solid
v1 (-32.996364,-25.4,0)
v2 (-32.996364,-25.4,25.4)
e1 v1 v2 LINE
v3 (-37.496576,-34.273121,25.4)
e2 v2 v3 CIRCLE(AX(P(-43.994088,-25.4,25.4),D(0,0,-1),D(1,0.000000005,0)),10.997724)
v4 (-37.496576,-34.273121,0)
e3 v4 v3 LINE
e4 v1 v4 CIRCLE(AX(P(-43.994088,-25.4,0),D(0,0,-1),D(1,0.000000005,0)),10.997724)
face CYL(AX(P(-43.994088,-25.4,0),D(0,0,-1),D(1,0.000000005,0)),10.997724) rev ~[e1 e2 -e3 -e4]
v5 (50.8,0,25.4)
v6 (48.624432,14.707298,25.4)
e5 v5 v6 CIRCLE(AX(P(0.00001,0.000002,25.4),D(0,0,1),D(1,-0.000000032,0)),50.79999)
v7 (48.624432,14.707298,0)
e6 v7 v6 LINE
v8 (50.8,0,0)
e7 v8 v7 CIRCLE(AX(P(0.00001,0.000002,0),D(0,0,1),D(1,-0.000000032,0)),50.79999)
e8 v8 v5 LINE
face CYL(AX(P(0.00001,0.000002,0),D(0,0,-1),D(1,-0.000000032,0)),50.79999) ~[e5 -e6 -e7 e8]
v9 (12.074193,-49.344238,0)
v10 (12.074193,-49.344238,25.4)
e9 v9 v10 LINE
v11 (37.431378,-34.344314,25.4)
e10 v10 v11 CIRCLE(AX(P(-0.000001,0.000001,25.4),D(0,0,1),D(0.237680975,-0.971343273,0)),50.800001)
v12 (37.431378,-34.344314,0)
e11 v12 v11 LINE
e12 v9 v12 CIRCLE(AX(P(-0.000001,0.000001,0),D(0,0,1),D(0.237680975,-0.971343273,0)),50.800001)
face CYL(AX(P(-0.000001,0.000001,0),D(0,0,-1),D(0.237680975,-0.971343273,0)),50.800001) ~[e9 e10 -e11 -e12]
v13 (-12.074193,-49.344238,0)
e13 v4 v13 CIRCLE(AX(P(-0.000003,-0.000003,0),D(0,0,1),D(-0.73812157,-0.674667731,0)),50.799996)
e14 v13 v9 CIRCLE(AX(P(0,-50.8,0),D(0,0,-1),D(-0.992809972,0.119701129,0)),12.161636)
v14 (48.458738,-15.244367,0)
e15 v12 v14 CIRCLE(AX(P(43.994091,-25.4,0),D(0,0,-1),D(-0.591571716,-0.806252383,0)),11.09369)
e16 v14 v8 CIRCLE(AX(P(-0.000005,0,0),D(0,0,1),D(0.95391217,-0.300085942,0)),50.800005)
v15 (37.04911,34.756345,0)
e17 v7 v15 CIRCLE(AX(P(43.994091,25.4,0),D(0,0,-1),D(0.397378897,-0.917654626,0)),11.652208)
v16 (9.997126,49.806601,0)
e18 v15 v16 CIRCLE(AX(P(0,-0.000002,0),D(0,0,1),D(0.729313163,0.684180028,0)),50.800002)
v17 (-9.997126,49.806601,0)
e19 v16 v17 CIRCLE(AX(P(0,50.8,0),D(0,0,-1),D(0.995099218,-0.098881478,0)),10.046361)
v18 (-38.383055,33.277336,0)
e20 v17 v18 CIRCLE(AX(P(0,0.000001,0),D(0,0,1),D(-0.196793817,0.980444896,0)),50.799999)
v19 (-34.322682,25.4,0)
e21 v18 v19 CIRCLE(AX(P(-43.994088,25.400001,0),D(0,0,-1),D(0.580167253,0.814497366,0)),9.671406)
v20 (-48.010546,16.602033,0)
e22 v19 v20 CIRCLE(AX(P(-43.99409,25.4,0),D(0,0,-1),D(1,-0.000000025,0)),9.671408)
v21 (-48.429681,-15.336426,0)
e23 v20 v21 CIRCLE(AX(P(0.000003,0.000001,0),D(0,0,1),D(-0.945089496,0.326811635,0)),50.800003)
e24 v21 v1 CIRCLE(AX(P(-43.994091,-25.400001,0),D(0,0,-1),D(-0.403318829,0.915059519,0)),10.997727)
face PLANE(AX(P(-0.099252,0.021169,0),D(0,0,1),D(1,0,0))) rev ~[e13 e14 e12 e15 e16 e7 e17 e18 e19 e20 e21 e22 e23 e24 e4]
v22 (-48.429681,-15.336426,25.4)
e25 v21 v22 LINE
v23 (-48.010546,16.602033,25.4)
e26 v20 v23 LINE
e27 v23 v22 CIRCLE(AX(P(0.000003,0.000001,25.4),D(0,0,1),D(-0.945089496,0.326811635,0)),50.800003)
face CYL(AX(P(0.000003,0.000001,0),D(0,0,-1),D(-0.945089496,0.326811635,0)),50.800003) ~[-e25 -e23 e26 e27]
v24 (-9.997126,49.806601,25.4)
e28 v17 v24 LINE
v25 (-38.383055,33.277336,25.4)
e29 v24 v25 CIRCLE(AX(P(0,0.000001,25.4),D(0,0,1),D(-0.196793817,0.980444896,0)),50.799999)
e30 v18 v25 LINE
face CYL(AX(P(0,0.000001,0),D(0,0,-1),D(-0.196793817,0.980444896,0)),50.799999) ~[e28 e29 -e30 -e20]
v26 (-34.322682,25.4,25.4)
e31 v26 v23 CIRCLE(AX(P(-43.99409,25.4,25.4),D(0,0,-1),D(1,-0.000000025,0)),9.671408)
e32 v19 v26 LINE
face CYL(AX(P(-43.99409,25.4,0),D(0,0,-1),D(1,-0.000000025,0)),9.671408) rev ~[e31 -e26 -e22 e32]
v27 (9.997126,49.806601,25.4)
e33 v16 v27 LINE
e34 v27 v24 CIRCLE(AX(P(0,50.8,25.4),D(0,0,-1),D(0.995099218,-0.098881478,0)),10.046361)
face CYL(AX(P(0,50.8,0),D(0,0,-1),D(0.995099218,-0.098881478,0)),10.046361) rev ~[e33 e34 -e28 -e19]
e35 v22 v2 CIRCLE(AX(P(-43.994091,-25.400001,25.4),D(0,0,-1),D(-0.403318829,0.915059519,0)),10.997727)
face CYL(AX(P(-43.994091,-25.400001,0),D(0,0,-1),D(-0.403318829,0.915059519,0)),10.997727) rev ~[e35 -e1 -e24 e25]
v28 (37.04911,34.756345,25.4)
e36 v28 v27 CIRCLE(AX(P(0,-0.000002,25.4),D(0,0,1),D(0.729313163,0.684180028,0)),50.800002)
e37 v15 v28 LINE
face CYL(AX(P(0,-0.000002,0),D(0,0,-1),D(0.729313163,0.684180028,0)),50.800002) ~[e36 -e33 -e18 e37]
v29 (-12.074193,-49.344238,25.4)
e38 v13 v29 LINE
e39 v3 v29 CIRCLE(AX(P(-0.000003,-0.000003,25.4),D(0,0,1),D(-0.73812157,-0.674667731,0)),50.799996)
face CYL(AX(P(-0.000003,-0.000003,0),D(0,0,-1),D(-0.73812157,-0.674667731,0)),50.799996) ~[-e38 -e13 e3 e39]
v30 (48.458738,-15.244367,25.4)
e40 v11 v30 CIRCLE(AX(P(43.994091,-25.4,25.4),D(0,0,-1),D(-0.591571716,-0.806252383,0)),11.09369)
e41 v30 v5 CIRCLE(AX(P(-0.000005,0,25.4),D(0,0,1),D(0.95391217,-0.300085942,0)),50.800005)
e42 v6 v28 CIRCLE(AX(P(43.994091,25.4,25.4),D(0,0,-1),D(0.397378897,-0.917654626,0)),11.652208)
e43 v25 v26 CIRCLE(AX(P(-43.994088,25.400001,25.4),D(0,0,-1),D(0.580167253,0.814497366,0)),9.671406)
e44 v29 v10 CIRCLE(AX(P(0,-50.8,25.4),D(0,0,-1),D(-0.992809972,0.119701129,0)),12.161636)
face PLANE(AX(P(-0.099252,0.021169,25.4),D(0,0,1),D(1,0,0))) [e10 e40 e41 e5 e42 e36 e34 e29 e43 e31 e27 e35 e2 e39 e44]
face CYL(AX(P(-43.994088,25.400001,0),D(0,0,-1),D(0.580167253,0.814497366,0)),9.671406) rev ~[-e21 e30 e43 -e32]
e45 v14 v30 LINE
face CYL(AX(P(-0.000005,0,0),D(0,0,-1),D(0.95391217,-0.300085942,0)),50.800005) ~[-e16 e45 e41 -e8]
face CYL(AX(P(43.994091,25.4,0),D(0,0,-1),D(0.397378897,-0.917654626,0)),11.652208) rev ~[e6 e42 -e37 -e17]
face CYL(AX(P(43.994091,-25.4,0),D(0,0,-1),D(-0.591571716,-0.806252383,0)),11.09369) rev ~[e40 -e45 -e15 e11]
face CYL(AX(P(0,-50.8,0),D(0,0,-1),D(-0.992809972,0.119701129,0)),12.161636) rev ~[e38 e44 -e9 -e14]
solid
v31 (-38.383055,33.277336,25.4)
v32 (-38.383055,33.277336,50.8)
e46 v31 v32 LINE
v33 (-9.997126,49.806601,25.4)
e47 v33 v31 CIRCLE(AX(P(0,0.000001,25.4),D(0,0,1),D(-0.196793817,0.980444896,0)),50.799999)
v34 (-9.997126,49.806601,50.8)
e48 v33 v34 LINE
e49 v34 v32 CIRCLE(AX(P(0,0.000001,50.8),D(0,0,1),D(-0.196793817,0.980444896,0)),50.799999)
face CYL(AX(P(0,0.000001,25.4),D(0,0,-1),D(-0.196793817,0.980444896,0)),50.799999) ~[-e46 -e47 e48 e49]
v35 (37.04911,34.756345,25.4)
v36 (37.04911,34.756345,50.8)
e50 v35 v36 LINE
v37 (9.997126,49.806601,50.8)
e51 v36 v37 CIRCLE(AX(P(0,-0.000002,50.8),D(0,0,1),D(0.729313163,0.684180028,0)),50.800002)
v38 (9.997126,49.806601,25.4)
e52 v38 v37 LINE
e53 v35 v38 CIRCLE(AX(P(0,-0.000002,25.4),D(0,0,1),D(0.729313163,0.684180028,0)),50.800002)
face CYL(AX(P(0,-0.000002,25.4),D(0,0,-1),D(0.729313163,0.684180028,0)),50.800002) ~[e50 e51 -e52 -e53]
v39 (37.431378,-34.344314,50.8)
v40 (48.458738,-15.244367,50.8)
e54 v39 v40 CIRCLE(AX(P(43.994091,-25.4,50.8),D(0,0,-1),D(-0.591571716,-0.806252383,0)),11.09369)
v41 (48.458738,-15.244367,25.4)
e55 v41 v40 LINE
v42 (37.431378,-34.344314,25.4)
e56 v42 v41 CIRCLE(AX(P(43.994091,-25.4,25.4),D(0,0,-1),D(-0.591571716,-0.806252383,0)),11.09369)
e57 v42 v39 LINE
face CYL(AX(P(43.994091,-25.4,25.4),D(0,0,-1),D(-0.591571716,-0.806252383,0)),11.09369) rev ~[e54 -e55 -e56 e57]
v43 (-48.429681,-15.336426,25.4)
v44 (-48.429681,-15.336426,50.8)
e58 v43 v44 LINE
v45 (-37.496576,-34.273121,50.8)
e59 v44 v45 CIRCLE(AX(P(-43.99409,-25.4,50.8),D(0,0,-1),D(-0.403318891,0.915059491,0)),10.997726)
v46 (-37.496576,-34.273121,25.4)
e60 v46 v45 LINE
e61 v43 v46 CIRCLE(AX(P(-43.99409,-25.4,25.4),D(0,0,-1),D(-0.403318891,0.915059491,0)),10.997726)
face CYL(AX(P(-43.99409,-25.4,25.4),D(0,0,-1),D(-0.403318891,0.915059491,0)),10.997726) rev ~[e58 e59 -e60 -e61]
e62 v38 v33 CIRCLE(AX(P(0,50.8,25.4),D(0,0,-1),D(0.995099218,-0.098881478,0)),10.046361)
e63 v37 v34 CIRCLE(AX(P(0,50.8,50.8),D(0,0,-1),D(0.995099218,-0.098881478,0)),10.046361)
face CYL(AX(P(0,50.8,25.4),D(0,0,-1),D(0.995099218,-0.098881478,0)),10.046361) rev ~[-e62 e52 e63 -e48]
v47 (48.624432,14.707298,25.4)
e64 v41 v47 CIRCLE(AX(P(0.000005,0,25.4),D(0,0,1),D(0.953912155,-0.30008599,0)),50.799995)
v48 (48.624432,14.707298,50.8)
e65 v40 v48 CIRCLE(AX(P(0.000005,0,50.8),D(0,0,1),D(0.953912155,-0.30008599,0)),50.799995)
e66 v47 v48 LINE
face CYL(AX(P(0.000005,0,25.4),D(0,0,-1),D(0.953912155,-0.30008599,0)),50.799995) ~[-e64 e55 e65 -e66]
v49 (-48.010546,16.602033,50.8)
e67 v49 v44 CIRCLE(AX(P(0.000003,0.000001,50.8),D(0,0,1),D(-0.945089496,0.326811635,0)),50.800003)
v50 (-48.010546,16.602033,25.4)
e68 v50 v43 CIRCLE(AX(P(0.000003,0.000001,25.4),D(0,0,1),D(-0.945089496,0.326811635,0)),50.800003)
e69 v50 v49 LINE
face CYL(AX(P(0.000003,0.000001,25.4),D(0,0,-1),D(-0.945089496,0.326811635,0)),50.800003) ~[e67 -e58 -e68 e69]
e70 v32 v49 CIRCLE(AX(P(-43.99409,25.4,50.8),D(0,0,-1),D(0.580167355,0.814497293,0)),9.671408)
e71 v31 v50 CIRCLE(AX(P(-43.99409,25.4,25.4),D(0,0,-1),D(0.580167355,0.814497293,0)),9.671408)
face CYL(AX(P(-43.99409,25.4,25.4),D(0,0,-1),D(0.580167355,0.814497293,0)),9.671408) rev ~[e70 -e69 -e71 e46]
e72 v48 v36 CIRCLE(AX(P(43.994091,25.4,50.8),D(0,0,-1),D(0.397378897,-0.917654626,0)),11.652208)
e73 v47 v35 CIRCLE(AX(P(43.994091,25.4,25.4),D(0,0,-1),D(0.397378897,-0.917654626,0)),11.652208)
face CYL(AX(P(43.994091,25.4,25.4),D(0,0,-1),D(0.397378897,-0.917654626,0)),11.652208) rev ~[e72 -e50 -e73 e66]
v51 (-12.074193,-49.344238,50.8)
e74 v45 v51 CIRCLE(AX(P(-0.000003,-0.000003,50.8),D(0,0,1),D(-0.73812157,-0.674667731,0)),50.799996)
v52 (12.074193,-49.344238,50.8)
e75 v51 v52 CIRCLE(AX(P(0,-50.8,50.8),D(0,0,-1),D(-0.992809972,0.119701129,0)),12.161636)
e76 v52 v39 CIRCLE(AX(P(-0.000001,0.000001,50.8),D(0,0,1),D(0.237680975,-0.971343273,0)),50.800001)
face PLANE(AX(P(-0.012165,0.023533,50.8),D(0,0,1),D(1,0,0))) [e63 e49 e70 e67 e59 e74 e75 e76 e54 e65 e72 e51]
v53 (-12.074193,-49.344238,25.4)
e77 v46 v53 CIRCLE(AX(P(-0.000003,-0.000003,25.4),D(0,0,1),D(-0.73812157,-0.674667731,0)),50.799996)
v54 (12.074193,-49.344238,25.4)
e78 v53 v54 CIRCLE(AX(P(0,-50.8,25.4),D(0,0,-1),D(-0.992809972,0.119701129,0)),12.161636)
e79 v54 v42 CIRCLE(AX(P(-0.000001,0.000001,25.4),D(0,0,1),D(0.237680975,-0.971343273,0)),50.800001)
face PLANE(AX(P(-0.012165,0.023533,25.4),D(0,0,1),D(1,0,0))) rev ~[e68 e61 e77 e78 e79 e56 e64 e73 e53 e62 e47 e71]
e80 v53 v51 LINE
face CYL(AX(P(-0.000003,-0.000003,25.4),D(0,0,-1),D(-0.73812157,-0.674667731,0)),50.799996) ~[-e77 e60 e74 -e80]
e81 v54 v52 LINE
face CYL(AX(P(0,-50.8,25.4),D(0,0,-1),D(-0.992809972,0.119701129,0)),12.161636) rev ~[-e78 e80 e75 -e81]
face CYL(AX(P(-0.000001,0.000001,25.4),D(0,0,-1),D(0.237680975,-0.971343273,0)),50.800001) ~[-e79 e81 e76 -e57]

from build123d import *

# Parameters (mm, degrees)
F1_DEPTH = 25.4
F3_DEPTH = 25.4


with BuildPart() as f1:
    # F0 (on Top) → F1 (new body)
    with BuildSketch(Plane.XY):
        with BuildLine():
            ThreePointArc((48.458738, -15.244367), (50.211273, -7.711554), (50.8, 0))
            ThreePointArc((50.8, 0), (50.253165, 7.433668), (48.624432, 14.707298))
            ThreePointArc((48.624432, 14.707298), (33.902983, 19.573896), (37.04911, 34.756345))
            ThreePointArc((37.04911, 34.756345), (24.697462, 44.39229), (9.997126, 49.806601))
            ThreePointArc((9.997126, 49.806601), (0, 40.753639), (-9.997126, 49.806601))
            ThreePointArc((-9.997126, 49.806601), (-25.562954, 43.899606), (-38.383055, 33.277336))
            ThreePointArc((-38.383055, 33.277336), (-35.397499, 29.831113), (-34.322682, 25.4))
            ThreePointArc((-34.322682, 25.4), (-38.764781, 17.264248), (-48.010546, 16.602033))
            ThreePointArc((-48.010546, 16.602033), (-50.795626, 0.666602), (-48.429681, -15.336426))
            ThreePointArc((-48.429681, -15.336426), (-37.987071, -16.187742), (-32.996364, -25.4))
            ThreePointArc((-32.996364, -25.4), (-34.18573, -30.37454), (-37.496576, -34.273121))
            ThreePointArc((-37.496576, -34.273121), (-25.905596, -43.698285), (-12.074193, -49.344238))
            ThreePointArc((-12.074193, -49.344238), (0, -38.638364), (12.074193, -49.344238))
            ThreePointArc((12.074193, -49.344238), (25.864064, -43.722879), (37.431378, -34.344314))
            ThreePointArc((37.431378, -34.344314), (34.386674, -19.853155), (48.458738, -15.244367))
        make_face()
    extrude(amount=F1_DEPTH)


with BuildPart() as f3:
    # F2 (on face) → F3 (new body)
    with BuildSketch(Plane.XY.offset(25.4)):
        with BuildLine():
            ThreePointArc((37.04911, 34.756345), (24.697462, 44.39229), (9.997126, 49.806601))
            ThreePointArc((9.997126, 49.806601), (0, 40.753639), (-9.997126, 49.806601))
            ThreePointArc((-9.997126, 49.806601), (-25.562954, 43.899606), (-38.383055, 33.277336))
            ThreePointArc((-38.383055, 33.277336), (-35.618405, 20.564296), (-48.010546, 16.602033))
            ThreePointArc((-48.010546, 16.602033), (-50.795626, 0.666602), (-48.429681, -15.336426))
            ThreePointArc((-48.429681, -15.336426), (-34.46978, -19.901137), (-37.496576, -34.273121))
            ThreePointArc((-37.496576, -34.273121), (-25.905596, -43.698285), (-12.074193, -49.344238))
            ThreePointArc((-12.074193, -49.344238), (0, -38.638364), (12.074193, -49.344238))
            ThreePointArc((12.074193, -49.344238), (25.864064, -43.722879), (37.431378, -34.344314))
            ThreePointArc((37.431378, -34.344314), (34.386674, -19.853155), (48.458738, -15.244367))
            ThreePointArc((48.458738, -15.244367), (50.799223, -0.281024), (48.624432, 14.707298))
            ThreePointArc((48.624432, 14.707298), (33.902983, 19.573896), (37.04911, 34.756345))
        make_face()
    extrude(amount=F3_DEPTH)


solid = Compound([f1.part, f3.part])
